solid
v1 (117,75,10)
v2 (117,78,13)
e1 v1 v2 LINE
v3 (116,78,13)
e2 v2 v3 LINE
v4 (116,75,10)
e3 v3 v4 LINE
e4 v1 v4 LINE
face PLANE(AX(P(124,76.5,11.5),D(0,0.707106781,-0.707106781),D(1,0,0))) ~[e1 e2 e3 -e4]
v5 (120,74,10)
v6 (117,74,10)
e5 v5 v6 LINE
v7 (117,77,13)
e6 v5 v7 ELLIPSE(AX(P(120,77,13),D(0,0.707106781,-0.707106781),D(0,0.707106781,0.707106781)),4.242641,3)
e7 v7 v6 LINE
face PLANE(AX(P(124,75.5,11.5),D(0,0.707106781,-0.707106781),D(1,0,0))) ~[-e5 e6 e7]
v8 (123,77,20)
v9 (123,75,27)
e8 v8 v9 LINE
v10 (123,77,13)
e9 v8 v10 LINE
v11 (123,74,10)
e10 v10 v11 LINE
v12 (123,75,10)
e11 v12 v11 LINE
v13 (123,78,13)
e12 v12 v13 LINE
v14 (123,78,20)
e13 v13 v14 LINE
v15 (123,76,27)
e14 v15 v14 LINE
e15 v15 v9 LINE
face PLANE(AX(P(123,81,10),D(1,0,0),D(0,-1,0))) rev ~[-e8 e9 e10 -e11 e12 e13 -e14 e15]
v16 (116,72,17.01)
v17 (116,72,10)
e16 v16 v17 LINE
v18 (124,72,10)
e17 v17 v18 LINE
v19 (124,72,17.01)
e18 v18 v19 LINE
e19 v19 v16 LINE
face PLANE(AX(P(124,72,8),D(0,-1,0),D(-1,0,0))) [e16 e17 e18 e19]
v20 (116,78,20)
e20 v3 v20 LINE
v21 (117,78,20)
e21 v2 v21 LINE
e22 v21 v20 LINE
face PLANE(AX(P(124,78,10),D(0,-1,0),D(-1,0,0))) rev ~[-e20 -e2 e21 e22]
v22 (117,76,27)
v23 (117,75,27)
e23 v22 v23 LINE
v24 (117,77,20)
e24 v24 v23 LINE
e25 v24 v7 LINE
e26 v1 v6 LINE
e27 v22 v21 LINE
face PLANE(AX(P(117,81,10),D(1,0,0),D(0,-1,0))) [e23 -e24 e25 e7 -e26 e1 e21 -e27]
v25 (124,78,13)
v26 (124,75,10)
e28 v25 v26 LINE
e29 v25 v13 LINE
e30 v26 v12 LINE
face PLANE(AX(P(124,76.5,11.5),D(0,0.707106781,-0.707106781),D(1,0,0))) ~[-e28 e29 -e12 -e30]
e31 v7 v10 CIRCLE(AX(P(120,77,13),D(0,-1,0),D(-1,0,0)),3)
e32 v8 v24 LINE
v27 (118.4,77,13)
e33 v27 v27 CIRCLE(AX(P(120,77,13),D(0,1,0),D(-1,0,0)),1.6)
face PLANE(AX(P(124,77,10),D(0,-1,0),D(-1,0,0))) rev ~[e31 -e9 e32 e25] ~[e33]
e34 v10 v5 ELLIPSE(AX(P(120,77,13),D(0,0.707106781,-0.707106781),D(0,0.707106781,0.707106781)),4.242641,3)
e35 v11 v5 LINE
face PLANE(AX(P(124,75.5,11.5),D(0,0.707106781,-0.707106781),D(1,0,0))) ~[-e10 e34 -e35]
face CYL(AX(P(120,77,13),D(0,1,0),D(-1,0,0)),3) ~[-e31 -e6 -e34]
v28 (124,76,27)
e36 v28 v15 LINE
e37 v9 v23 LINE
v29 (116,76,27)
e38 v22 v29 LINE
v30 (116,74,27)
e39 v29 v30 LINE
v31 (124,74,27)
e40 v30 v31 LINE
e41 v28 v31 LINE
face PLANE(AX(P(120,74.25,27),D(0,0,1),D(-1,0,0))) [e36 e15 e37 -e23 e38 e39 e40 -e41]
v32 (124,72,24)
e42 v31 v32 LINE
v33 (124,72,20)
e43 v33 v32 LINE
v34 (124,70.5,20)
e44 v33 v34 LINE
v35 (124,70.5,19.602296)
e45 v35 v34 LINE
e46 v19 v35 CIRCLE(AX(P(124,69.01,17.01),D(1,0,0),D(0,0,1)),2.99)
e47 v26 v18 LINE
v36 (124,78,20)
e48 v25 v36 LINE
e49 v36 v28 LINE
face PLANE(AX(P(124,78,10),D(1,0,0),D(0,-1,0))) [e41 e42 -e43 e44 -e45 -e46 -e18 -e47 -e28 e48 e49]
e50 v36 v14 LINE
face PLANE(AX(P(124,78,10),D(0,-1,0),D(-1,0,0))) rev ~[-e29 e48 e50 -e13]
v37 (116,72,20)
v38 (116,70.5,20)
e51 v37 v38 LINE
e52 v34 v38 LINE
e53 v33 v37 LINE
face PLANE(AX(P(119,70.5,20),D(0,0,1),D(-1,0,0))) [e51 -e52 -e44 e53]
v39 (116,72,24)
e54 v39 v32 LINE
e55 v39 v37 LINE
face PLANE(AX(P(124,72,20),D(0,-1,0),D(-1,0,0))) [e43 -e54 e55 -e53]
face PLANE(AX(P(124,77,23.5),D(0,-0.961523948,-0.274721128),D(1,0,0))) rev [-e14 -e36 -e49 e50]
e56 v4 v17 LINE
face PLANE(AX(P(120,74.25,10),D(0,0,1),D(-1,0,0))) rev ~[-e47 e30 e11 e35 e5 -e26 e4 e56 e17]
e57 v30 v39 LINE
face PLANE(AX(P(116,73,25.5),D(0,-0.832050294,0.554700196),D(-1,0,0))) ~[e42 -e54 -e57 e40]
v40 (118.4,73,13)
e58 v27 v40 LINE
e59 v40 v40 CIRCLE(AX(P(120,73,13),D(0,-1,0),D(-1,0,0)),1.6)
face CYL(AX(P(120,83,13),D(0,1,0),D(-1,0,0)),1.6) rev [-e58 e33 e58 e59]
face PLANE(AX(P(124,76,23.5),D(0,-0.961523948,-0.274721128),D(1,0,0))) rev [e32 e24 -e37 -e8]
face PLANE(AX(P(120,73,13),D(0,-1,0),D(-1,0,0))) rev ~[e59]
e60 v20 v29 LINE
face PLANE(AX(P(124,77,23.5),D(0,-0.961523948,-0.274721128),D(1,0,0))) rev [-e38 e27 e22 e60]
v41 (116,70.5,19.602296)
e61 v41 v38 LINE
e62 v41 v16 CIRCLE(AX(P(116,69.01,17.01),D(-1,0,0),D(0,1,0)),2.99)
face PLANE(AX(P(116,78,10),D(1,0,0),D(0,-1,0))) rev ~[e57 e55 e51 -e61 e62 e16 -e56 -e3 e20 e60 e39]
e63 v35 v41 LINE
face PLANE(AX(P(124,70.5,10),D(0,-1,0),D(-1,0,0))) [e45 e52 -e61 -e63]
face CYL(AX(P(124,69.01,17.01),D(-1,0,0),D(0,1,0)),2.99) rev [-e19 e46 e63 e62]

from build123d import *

# Parameters (mm, degrees)
CYLINDER462_R          = 1.6
CYLINDER462_DEPTH      = 10
CYLINDER463_R          = 3
CYLINDER463_DEPTH      = 3
BOX321_W               = 8
BOX321_H               = 7.5
BOX321_DEPTH           = 17
CHAMFER041_SIZE        = 3
CHAMFER042_SIZE2       = 2
CHAMFER042_SIZE        = 7
BOX322_W               = 6
BOX322_H               = 7.5
BOX322_DEPTH           = 17
BOX320_W               = 10
BOX320_H               = 3
BOX320_DEPTH           = 12
BOX319_W               = 10
BOX319_H               = 3
BOX319_DEPTH           = 12
FILLET113_R            = 2.99
BOX318_W               = 8
BOX318_H               = 7.5
BOX318_DEPTH           = 17
CHAMFER038_SIZE        = 3
CHAMFER039_SIZE2       = 2
CHAMFER039_SIZE        = 7
CHAMFER040_SIZE2       = 3
CHAMFER040_SIZE        = 2
CUT319_PLACEMENT_ANGLE = 180


with BuildPart() as cylinder576:
    # Cylinder462 → Cylinder462 (new body)
    with BuildSketch(Plane(origin=(120, -21, 13), x_dir=(1, 0, 0), z_dir=(0, 1, 0))):
        Circle(CYLINDER462_R)
    extrude(amount=CYLINDER462_DEPTH)


with BuildPart() as cylinder577:
    # Cylinder463 → Cylinder463 (new body)
    with BuildSketch(Plane(origin=(120, -15, 13), x_dir=(1, 0, 0), z_dir=(0, 1, 0))):
        Circle(CYLINDER463_R)
    extrude(amount=CYLINDER463_DEPTH)


with BuildPart() as chamfer042:
    # Box321 → Box321 (new body)
    with BuildSketch(Plane(origin=(116, -16, 10), x_dir=(1, 0, 0), z_dir=(0, 0, 1))):
        with Locations((4, 3.75)):
            Rectangle(BOX321_W, BOX321_H)
    extrude(amount=BOX321_DEPTH)

    # Chamfer041
    chamfer041_edges = [chamfer042.edges().sort_by_distance(p)[0] for p in [
        (120, -16, 10),
    ]]
    chamfer(chamfer041_edges, length=CHAMFER041_SIZE)

    # Chamfer042
    chamfer042_edges = [chamfer042.edges().sort_by_distance(p)[0] for p in [
        (120, -16, 27),
    ]]
    chamfer042_side = chamfer042.faces().sort_by_distance((120, -16, 20))[0]
    chamfer(chamfer042_edges, length=CHAMFER042_SIZE, length2=CHAMFER042_SIZE2, reference=chamfer042_side)


with BuildPart() as cut317:
    # Box322 → Box322 (new body)
    with BuildSketch(Plane(origin=(117, -20, 10), x_dir=(1, 0, 0), z_dir=(0, 0, 1))):
        with Locations((3, 3.75)):
            Rectangle(BOX322_W, BOX322_H)
    extrude(amount=BOX322_DEPTH)

    # Cut317: cut Chamfer042
    add(chamfer042.part, mode=Mode.SUBTRACT)


with BuildPart() as cut317_1:
    # Cut317 placement: moved
    add(cut317.part.moved(Location((0, 1, 0))))


with BuildPart() as cube391:
    # Box320 → Box320 (new body)
    with BuildSketch(Plane(origin=(116, -10, 20), x_dir=(1, 0, 0), z_dir=(0, 0, 1))):
        with Locations((5, 1.5)):
            Rectangle(BOX320_W, BOX320_H)
    extrude(amount=BOX320_DEPTH)


with BuildPart() as fillet113:
    # Box319 → Box319 (new body)
    with BuildSketch(Plane(origin=(116, -10, 8), x_dir=(1, 0, 0), z_dir=(0, 0, 1))):
        with Locations((5, 1.5)):
            Rectangle(BOX319_W, BOX319_H)
    extrude(amount=BOX319_DEPTH)

    # Fillet113
    fillet113_edges = [fillet113.edges().sort_by_distance(p)[0] for p in [
        (121, -10, 20),
    ]]
    fillet(fillet113_edges, radius=FILLET113_R)


with BuildPart() as kipper_holder_right:
    # Box318 → Box318 (new body)
    with BuildSketch(Plane(origin=(116, -16, 10), x_dir=(1, 0, 0), z_dir=(0, 0, 1))):
        with Locations((4, 3.75)):
            Rectangle(BOX318_W, BOX318_H)
    extrude(amount=BOX318_DEPTH)

    # Chamfer038
    chamfer038_edges = [kipper_holder_right.edges().sort_by_distance(p)[0] for p in [
        (120, -16, 10),
    ]]
    chamfer(chamfer038_edges, length=CHAMFER038_SIZE)

    # Chamfer039
    chamfer039_edges = [kipper_holder_right.edges().sort_by_distance(p)[0] for p in [
        (120, -16, 27),
    ]]
    chamfer039_side = kipper_holder_right.faces().sort_by_distance((120, -16, 20))[0]
    chamfer(chamfer039_edges, length=CHAMFER039_SIZE, length2=CHAMFER039_SIZE2, reference=chamfer039_side)

    # Cut315: cut Fillet113
    add(fillet113.part, mode=Mode.SUBTRACT)

    # Cut316: cut Cube391
    add(cube391.part, mode=Mode.SUBTRACT)

    # Chamfer040
    chamfer040_edges = [kipper_holder_right.edges().sort_by_distance(p)[0] for p in [
        (120, -10, 27),
    ]]
    chamfer040_side = kipper_holder_right.faces().sort_by_distance((120, -12, 27))[0]
    chamfer(chamfer040_edges, length=CHAMFER040_SIZE, length2=CHAMFER040_SIZE2, reference=chamfer040_side)

    # Cut318: cut Cut317
    add(cut317_1.part, mode=Mode.SUBTRACT)

    # Fusion417: union Cylinder577
    add(cylinder577.part)

    # Cut319: cut Cylinder576
    add(cylinder576.part, mode=Mode.SUBTRACT)


with BuildPart() as kipper_holder_right_1:
    # Cut319 placement: moved
    add(kipper_holder_right.part.moved(Location((240, 62, 0))).rotate(Axis((240, 62, 0), (0, 0, 1)), CUT319_PLACEMENT_ANGLE))


solid = kipper_holder_right_1.part
